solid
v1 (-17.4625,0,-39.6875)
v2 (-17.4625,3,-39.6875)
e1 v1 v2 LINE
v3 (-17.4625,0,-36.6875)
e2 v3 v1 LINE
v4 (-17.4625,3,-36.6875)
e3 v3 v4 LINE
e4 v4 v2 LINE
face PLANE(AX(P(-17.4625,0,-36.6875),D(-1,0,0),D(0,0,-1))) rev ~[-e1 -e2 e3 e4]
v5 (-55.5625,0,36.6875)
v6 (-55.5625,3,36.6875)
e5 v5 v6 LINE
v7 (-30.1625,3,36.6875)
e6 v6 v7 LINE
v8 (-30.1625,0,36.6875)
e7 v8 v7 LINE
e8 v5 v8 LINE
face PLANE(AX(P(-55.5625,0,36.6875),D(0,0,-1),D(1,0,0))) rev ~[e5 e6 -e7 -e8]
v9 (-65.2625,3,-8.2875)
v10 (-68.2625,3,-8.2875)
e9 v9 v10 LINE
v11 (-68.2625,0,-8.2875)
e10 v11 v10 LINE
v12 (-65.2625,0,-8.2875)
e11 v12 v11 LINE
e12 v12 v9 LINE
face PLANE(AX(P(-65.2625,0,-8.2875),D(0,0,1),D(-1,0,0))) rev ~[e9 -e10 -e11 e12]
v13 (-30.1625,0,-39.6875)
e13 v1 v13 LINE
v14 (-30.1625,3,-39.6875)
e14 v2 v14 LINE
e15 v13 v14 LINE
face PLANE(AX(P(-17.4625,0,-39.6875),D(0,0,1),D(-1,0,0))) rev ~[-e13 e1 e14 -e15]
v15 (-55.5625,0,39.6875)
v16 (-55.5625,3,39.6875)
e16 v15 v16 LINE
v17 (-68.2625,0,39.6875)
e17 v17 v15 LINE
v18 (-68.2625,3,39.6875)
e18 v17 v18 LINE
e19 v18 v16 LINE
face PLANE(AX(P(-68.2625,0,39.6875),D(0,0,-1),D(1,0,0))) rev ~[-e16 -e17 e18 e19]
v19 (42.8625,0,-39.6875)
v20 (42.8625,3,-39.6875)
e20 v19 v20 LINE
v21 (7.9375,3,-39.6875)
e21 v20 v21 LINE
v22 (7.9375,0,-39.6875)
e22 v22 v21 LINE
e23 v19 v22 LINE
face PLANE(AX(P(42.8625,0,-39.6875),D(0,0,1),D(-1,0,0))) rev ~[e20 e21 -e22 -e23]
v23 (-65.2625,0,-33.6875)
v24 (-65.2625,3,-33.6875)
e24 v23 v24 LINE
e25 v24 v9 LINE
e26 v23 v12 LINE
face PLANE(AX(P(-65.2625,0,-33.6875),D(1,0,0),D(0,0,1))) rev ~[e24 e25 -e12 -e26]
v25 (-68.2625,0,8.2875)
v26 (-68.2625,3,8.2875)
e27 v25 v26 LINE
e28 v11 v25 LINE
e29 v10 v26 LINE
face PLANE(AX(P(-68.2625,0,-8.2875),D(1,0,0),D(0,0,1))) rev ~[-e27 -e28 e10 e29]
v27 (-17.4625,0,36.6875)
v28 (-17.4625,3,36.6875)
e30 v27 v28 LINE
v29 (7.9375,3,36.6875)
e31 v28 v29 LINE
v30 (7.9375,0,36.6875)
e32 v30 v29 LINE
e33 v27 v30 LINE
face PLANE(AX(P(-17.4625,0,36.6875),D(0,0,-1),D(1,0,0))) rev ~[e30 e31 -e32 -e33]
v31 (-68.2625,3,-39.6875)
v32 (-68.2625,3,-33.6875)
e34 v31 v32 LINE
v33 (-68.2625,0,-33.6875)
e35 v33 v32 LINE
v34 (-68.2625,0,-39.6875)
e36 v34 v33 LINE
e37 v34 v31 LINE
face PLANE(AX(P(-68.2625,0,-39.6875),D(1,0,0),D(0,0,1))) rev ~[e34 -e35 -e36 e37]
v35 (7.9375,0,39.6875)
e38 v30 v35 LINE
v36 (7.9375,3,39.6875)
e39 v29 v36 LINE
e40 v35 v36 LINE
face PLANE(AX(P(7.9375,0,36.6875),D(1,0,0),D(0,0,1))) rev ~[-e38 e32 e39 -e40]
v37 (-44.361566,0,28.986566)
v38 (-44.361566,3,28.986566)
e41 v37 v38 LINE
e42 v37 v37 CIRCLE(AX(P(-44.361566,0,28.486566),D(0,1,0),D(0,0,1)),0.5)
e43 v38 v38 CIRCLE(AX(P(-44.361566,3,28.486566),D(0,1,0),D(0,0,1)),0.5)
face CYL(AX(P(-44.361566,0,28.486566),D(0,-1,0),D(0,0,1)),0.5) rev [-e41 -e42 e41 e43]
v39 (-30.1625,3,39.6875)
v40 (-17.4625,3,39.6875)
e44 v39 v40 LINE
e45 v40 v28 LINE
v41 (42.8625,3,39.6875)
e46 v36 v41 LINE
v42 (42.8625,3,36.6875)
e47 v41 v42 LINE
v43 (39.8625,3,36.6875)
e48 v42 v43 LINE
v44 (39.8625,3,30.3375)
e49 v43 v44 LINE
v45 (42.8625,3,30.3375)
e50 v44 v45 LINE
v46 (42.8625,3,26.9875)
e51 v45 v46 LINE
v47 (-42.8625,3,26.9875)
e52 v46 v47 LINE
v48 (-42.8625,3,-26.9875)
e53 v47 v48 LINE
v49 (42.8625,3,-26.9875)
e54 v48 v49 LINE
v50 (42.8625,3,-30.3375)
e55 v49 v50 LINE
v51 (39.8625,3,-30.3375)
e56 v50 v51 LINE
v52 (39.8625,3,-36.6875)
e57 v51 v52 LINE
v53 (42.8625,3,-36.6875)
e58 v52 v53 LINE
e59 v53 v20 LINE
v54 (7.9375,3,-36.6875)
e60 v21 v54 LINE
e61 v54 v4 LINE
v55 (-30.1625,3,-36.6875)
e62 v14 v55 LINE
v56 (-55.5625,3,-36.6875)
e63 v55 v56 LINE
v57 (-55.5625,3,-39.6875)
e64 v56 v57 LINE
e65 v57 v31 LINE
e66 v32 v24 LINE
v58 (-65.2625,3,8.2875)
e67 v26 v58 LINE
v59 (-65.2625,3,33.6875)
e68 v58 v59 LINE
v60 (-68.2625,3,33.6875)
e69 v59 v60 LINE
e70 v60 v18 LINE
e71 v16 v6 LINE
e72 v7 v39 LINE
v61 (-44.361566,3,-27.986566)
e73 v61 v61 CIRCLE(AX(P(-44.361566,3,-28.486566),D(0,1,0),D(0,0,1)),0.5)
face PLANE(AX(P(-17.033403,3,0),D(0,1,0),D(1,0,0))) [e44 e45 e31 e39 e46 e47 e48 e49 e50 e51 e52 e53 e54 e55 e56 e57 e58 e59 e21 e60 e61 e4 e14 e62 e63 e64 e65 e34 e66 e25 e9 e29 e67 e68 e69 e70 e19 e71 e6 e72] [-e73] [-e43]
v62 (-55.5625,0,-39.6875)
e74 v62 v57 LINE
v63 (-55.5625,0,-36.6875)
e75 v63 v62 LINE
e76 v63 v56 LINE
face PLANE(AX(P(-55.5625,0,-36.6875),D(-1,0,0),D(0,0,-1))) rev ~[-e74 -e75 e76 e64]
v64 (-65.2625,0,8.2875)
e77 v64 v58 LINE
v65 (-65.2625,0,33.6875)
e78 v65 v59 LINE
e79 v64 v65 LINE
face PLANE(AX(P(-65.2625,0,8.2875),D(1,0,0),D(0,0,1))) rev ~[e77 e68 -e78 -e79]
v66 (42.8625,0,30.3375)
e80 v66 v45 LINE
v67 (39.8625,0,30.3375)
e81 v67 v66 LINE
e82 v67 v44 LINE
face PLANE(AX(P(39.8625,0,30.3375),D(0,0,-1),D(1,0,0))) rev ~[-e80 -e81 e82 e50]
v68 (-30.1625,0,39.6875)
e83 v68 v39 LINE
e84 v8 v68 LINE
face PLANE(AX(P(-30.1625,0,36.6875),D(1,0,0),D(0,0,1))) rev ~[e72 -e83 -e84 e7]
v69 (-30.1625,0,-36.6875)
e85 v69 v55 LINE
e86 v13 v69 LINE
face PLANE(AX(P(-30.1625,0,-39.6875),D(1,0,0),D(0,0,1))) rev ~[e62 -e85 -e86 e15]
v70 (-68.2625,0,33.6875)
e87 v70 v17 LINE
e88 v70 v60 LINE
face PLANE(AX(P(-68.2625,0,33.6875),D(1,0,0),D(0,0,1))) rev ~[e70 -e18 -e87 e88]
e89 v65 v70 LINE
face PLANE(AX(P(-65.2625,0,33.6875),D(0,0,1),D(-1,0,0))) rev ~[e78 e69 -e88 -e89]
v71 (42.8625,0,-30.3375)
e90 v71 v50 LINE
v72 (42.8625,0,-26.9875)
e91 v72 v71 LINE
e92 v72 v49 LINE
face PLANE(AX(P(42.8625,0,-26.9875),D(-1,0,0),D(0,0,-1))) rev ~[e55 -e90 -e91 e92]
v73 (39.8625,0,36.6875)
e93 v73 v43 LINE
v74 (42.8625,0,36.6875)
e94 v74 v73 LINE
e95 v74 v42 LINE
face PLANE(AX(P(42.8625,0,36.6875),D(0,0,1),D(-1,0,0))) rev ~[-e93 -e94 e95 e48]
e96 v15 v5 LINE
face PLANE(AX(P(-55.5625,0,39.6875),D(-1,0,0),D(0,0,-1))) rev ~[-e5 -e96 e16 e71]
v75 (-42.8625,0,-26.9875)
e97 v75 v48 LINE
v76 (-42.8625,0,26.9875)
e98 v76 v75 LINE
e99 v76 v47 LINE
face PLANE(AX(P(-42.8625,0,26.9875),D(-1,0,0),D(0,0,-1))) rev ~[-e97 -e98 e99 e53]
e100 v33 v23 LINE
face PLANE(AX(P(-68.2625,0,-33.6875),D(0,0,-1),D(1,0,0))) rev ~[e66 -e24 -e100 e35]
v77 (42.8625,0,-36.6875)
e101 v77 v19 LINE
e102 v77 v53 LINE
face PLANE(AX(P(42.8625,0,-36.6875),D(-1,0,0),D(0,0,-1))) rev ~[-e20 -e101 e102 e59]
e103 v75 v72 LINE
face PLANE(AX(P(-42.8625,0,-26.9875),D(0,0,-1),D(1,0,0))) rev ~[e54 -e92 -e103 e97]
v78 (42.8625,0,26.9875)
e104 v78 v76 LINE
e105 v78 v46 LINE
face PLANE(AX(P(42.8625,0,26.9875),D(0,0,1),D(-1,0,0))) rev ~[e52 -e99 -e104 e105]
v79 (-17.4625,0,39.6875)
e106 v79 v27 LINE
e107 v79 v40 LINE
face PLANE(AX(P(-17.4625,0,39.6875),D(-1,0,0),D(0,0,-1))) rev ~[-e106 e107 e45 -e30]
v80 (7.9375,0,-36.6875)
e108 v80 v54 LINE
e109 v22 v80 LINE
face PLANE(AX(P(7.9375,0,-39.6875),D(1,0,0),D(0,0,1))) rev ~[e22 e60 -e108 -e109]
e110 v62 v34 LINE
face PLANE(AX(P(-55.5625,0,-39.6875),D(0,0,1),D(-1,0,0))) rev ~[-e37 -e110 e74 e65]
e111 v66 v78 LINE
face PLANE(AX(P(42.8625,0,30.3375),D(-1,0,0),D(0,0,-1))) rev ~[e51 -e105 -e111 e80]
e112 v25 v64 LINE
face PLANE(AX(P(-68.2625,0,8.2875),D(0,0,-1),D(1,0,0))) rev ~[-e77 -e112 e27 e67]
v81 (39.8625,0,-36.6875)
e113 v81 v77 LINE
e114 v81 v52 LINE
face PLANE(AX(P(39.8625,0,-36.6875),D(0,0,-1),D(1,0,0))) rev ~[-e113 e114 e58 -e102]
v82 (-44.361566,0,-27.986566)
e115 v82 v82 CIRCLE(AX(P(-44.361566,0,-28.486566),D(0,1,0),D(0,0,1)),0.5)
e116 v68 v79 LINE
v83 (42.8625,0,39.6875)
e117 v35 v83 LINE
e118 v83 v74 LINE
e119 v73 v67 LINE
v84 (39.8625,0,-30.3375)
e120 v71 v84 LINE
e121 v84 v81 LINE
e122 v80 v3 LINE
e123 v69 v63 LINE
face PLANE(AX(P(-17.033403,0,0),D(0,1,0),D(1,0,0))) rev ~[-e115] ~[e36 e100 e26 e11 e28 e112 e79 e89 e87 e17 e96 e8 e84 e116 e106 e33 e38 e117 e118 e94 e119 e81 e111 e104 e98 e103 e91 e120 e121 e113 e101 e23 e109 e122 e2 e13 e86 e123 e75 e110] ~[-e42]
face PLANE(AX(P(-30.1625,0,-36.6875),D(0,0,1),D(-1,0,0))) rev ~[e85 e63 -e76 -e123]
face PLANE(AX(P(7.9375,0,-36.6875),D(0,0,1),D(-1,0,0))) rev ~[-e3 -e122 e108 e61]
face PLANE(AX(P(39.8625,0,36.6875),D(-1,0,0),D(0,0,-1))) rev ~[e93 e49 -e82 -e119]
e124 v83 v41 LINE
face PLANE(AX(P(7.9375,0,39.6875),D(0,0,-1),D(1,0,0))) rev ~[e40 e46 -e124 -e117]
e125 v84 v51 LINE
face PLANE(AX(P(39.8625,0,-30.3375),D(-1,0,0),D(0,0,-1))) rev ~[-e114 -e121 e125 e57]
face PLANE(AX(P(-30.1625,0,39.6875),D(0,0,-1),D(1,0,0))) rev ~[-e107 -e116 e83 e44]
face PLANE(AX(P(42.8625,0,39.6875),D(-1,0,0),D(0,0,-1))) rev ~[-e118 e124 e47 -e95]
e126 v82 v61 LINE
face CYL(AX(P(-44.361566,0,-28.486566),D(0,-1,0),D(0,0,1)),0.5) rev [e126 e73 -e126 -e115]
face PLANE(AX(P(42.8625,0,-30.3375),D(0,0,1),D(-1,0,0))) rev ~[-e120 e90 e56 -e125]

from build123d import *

# Parameters (mm, degrees)
SKETCH1_R           = 0.5
BOSS_EXTRUDE1_DEPTH = 3


with BuildPart() as part:
    # Sketch1 → Boss-Extrude1 (new body)
    with BuildSketch(Plane(origin=(0, 0, 0), x_dir=(1, 0, 0), z_dir=(0, 1, 0))):
        Polygon((42.8625, 26.9875), (42.8625, 30.3375), (39.8625, 30.3375), (39.8625, 36.6875), (42.8625, 36.6875), (42.8625, 39.6875), (7.9375, 39.6875), (7.9375, 36.6875), (-17.4625, 36.6875), (-17.4625, 39.6875), (-30.1625, 39.6875), (-30.1625, 36.6875), (-55.5625, 36.6875), (-55.5625, 39.6875), (-68.2625, 39.6875), (-68.2625, 33.6875), (-65.2625, 33.6875), (-65.2625, 8.2875), (-68.2625, 8.2875), (-68.2625, -8.2875), (-65.2625, -8.2875), (-65.2625, -33.6875), (-68.2625, -33.6875), (-68.2625, -39.6875), (-55.5625, -39.6875), (-55.5625, -36.6875), (-30.1625, -36.6875), (-30.1625, -39.6875), (-17.4625, -39.6875), (-17.4625, -36.6875), (7.9375, -36.6875), (7.9375, -39.6875), (42.8625, -39.6875), (42.8625, -36.6875), (39.8625, -36.6875), (39.8625, -30.3375), (42.8625, -30.3375), (42.8625, -26.9875), (-42.8625, -26.9875), (-42.8625, 26.9875), align=None)
        with Locations(Location((-44.361566376, 28.486566376, 0), (0, 0, 270))):
            Circle(SKETCH1_R, mode=Mode.SUBTRACT)
        with Locations(Location((-44.361566376, -28.486566376, 0), (0, 0, 270))):
            Circle(SKETCH1_R, mode=Mode.SUBTRACT)
    extrude(amount=BOSS_EXTRUDE1_DEPTH)


solid = part.part
